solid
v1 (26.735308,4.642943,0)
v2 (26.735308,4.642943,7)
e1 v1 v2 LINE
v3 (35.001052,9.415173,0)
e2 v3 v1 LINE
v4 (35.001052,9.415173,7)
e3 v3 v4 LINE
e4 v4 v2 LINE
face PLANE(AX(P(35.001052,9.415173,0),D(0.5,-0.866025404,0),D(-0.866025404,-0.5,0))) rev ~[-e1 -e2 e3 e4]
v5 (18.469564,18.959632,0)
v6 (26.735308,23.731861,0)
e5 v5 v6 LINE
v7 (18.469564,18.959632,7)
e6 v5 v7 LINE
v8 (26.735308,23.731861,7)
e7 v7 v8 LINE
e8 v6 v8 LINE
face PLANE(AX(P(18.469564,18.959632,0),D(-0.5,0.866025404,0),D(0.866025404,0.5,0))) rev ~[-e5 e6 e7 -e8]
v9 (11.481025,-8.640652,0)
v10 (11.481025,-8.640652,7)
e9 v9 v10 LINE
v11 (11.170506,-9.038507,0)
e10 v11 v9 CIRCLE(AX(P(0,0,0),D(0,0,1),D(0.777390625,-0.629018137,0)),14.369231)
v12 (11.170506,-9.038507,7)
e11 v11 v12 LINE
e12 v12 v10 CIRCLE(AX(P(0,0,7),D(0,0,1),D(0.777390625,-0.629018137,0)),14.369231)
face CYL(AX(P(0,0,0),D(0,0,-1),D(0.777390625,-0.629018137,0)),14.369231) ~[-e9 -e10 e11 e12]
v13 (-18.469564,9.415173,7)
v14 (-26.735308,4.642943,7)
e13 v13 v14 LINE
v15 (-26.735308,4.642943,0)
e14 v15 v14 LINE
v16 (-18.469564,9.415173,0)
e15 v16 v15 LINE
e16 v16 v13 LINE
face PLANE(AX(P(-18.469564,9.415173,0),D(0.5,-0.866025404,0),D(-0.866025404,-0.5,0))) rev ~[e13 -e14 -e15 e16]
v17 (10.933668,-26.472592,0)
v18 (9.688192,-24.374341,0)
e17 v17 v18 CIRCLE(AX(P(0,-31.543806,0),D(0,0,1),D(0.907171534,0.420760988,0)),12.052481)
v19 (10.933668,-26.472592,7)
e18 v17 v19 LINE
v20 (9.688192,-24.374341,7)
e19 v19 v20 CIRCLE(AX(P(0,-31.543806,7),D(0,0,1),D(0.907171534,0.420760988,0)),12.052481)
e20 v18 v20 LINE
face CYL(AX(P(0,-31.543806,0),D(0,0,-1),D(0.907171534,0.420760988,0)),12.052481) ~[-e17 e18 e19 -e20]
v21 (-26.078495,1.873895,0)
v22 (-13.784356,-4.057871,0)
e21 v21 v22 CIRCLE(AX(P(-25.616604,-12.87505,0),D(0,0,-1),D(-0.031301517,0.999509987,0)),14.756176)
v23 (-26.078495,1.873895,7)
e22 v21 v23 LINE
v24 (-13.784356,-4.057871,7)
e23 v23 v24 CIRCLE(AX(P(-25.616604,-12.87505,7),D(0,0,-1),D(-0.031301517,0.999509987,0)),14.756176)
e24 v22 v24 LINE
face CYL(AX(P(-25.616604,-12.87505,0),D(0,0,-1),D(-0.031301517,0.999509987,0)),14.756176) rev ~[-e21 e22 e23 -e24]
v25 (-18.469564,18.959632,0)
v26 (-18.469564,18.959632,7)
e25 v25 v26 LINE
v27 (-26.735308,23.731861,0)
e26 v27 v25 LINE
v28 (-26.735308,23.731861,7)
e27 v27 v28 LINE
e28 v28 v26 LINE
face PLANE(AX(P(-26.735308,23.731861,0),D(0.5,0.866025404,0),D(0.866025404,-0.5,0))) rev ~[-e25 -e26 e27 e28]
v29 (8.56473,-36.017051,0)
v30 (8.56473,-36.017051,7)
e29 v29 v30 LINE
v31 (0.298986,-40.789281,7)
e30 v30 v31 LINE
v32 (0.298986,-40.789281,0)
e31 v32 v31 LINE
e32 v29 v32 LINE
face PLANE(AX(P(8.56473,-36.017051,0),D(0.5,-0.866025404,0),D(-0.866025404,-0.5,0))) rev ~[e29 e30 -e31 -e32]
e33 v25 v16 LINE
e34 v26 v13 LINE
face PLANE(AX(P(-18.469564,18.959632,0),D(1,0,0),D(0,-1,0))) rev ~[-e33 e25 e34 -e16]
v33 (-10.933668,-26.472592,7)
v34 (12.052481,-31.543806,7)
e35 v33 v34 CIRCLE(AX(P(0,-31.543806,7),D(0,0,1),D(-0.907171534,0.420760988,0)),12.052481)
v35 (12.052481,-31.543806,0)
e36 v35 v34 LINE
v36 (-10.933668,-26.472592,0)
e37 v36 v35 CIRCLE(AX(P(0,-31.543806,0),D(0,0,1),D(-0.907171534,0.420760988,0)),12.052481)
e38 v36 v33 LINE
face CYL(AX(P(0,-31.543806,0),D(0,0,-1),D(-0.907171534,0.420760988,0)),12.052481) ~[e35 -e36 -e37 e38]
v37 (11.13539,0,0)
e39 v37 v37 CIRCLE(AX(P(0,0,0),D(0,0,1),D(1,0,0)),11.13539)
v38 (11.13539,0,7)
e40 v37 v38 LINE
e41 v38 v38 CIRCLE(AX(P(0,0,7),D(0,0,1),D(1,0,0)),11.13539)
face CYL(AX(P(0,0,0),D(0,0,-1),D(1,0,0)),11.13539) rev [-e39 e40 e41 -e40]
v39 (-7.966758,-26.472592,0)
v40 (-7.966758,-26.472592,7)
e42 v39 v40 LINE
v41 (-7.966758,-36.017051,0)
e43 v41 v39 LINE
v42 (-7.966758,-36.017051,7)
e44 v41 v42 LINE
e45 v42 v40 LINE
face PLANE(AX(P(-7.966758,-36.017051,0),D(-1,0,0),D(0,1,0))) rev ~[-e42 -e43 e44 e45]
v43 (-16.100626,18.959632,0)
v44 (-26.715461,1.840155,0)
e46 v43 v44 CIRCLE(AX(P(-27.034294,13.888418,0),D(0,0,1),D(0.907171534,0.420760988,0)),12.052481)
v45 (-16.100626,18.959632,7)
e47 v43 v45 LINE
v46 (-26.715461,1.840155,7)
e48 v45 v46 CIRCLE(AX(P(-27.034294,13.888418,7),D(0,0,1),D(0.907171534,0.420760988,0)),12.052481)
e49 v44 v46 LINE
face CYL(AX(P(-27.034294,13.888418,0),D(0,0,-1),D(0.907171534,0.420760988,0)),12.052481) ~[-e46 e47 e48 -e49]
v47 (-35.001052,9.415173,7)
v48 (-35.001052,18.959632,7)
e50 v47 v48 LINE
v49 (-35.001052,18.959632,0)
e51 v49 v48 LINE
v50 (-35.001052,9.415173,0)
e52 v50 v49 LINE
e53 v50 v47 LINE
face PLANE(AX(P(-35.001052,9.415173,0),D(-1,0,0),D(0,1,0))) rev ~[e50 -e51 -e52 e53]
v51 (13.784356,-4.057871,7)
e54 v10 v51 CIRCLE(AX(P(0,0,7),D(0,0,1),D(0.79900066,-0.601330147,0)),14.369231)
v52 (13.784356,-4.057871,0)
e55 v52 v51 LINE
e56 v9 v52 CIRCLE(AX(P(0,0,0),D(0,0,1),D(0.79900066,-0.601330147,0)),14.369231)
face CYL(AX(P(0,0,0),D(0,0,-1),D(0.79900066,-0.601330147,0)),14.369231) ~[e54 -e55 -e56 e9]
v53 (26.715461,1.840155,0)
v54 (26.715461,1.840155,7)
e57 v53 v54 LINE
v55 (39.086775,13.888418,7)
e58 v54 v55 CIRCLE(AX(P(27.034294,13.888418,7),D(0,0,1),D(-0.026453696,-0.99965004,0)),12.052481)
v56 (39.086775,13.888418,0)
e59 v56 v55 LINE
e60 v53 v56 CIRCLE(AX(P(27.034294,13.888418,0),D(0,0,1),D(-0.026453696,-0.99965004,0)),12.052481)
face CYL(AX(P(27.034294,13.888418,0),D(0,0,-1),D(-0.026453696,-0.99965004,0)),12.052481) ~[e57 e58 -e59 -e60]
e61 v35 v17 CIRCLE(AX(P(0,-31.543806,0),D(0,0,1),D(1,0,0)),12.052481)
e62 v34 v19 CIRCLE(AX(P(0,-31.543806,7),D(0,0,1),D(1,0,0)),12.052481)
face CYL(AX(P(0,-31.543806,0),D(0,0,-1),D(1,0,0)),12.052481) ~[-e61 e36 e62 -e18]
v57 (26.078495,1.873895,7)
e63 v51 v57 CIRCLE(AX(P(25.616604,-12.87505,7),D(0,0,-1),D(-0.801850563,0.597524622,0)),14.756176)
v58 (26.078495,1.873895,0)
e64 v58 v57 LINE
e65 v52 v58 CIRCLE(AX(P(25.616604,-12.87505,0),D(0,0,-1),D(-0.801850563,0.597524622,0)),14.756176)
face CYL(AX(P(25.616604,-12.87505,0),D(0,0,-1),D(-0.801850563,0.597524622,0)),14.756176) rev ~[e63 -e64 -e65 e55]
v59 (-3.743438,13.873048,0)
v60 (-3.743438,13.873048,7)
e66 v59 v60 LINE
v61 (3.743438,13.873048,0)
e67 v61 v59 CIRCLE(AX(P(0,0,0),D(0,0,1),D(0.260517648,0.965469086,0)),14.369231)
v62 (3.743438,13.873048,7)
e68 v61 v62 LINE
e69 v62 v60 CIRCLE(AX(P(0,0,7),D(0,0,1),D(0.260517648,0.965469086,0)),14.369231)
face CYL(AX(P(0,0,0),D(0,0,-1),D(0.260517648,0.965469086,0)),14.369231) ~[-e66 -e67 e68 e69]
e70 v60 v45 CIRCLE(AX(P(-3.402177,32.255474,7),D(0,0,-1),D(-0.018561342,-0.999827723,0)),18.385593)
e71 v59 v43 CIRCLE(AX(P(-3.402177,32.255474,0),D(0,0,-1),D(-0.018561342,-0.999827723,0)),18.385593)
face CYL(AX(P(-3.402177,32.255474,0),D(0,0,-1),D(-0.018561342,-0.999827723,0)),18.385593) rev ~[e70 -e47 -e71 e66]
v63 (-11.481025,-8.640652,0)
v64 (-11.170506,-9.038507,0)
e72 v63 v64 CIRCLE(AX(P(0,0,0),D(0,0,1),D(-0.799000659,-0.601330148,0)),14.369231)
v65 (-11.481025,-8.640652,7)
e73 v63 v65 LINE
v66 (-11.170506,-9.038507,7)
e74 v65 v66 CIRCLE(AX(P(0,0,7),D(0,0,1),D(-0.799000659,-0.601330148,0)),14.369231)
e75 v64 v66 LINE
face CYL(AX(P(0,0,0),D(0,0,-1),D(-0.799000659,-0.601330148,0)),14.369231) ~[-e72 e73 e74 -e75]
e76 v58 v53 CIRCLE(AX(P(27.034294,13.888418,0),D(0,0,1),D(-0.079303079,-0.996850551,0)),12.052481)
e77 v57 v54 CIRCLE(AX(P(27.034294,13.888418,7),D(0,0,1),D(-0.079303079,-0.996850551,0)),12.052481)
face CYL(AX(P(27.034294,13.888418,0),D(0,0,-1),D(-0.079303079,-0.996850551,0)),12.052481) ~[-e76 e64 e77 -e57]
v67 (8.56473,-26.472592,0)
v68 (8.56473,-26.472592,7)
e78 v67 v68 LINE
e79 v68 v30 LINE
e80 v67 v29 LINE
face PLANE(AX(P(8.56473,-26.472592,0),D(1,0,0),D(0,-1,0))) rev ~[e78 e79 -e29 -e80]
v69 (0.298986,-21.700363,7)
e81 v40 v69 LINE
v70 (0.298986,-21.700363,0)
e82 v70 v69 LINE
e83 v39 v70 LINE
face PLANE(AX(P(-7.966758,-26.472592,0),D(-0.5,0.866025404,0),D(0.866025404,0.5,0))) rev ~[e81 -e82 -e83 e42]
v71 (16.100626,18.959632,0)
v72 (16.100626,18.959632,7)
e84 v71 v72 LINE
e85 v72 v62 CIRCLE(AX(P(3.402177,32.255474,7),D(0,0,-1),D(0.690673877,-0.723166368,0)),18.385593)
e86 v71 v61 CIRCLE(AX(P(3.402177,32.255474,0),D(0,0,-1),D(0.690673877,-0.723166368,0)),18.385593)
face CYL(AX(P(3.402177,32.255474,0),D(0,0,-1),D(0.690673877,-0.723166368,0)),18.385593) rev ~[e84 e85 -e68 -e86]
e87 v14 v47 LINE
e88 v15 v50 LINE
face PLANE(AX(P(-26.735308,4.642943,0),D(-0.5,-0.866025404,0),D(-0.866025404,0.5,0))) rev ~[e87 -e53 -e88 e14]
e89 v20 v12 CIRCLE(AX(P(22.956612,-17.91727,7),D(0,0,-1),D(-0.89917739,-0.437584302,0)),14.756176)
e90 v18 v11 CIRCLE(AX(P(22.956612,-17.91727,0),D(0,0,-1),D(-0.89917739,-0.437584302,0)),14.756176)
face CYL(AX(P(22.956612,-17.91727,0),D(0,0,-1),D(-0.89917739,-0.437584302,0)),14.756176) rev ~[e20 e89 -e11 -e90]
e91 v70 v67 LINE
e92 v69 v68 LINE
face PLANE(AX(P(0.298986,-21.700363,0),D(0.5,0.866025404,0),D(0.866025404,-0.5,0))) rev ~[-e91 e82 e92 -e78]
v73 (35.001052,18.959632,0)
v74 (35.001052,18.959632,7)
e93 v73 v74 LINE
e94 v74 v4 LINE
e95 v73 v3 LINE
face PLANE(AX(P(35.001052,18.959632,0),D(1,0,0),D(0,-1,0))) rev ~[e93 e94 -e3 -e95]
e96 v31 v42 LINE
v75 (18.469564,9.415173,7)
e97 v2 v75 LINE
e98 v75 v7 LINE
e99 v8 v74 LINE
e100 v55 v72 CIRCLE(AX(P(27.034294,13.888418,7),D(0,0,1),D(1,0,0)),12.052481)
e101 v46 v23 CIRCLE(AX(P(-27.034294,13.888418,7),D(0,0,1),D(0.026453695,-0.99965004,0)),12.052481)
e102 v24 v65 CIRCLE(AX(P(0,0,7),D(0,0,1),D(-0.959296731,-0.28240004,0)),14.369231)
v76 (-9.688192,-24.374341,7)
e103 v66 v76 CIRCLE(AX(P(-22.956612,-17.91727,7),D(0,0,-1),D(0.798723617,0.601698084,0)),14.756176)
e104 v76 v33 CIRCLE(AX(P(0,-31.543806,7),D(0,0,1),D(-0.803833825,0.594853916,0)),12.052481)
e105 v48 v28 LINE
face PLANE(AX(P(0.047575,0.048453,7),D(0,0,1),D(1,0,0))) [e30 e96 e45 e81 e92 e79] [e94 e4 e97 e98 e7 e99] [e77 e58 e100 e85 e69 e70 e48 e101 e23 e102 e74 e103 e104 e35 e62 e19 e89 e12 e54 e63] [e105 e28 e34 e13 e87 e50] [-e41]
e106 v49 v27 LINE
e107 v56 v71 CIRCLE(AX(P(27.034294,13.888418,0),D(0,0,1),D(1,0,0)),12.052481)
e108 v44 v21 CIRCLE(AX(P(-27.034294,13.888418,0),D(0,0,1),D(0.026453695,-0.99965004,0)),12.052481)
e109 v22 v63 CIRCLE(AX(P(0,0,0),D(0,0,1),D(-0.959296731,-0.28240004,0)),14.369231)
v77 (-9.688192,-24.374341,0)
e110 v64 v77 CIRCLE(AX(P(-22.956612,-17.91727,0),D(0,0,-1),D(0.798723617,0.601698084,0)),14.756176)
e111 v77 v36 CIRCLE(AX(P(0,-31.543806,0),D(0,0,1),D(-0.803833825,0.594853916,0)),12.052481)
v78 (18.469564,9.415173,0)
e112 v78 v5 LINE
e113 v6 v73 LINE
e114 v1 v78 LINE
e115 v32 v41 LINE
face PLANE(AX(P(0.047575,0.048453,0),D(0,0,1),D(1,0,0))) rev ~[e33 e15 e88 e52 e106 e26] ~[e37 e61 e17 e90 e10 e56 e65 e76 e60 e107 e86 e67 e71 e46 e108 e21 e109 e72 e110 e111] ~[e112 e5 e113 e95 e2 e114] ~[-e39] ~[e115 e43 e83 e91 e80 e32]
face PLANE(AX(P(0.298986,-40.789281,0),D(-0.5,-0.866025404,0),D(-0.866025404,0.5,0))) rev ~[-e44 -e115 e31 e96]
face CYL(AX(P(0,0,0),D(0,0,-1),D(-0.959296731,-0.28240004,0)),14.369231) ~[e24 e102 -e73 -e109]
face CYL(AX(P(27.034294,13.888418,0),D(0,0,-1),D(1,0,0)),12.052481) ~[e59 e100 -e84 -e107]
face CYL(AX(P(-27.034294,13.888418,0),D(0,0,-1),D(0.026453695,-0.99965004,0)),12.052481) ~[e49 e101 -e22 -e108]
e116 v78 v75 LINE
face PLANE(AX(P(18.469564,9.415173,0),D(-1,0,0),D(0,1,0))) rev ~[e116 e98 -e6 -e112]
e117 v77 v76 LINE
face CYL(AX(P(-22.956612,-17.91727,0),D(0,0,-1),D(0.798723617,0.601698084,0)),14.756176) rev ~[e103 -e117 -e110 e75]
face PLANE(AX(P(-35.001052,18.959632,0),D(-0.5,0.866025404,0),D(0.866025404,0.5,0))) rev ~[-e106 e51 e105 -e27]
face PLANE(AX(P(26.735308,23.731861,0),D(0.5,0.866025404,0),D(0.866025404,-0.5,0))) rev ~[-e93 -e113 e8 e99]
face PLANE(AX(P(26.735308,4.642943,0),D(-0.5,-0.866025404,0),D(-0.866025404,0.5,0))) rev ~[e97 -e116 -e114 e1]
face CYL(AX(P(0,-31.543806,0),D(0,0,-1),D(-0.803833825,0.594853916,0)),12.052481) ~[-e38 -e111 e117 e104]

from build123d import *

# Parameters (mm, degrees)
F0_R     = 11.1353903362
F1_DEPTH = 7


with BuildPart() as f1:
    # F0 (on Top) → F1 (new body)
    with BuildSketch(Plane.XY):
        with BuildLine():
            ThreePointArc((13.7843563972, -4.0578714259), (14.2222607931, -2.0499023698), (14.3692310787, 0))
            ThreePointArc((14.3692310787, 0), (11.4075661621, 8.737404423), (3.7434382812, 13.8730483899))
            ThreePointArc((3.7434382812, 13.8730483899), (1.8636693394, 13.9343652782), (0, 14.1874020919))
            ThreePointArc((0, 14.1874020919), (-1.8636693394, 13.9343652782), (-3.7434382812, 13.8730483899))
            ThreePointArc((-3.7434382812, 13.8730483899), (-12.5373588898, 7.0206434079), (-13.7843563972, -4.0578714259))
            ThreePointArc((-13.7843563972, -4.0578714259), (-12.4320496974, -6.248418307), (-11.4810251091, -8.640651841))
            ThreePointArc((-11.4810251091, -8.640651841), (-11.3240642679, -8.8382517601), (-11.1705055248, -9.0385069626))
            ThreePointArc((-11.1705055248, -9.0385069626), (0, -14.3692310787), (11.1705055248, -9.0385069626))
            ThreePointArc((11.1705055248, -9.0385069626), (11.3240642679, -8.8382517601), (11.4810251091, -8.640651841))
            ThreePointArc((11.4810251091, -8.640651841), (12.4320496974, -6.248418307), (13.7843563972, -4.0578714259))
        make_face()
        Circle(F0_R, mode=Mode.SUBTRACT)
        with BuildLine():
            ThreePointArc((3.7434382812, 13.8730483899), (11.4075661621, 8.737404423), (14.3692310787, 0))
            ThreePointArc((14.3692310787, 0), (14.2222607931, -2.0499023698), (13.7843563972, -4.0578714259))
            ThreePointArc((13.7843563972, -4.0578714259), (19.2042942748, 0.4150594906), (26.0784950011, 1.8738953131))
            ThreePointArc((26.0784950011, 1.8738953131), (16.6265827666, 7.8104369541), (16.100626097, 18.9596315943))
            ThreePointArc((16.100626097, 18.9596315943), (10.4005227947, 15.2539097233), (3.7434382812, 13.8730483899))
        make_face()
        with BuildLine():
            ThreePointArc((0, 14.1874020919), (1.8636693394, 13.9343652782), (3.7434382812, 13.8730483899))
            ThreePointArc((3.7434382812, 13.8730483899), (0, 14.3692310787), (-3.7434382812, 13.8730483899))
            ThreePointArc((-3.7434382812, 13.8730483899), (-1.8636693394, 13.9343652782), (0, 14.1874020919))
        make_face()
        with BuildLine():
            ThreePointArc((11.4810251091, -8.640651841), (12.8388217819, -6.4528642513), (13.7843563972, -4.0578714259))
            ThreePointArc((13.7843563972, -4.0578714259), (12.4320496974, -6.248418307), (11.4810251091, -8.640651841))
        make_face()
        with BuildLine():
            ThreePointArc((-13.7843563972, -4.0578714259), (-12.5373588898, 7.0206434079), (-3.7434382812, 13.8730483899))
            ThreePointArc((-3.7434382812, 13.8730483899), (-10.4005227947, 15.2539097233), (-16.100626097, 18.9596315943))
            ThreePointArc((-16.100626097, 18.9596315943), (-15.2648392263, 16.4849997853), (-14.9818127596, 13.8884177431))
            ThreePointArc((-14.9818127596, 13.8884177431), (-18.1804232838, 5.710931791), (-26.0784950011, 1.8738953131))
            ThreePointArc((-26.0784950011, 1.8738953131), (-19.2042942748, 0.4150594906), (-13.7843563972, -4.0578714259))
        make_face()
        with BuildLine():
            ThreePointArc((39.0867749608, 13.8884177431), (29.6308759024, 25.657872377), (16.100626097, 18.9596315943))
            ThreePointArc((16.100626097, 18.9596315943), (16.6265827666, 7.8104369541), (26.0784950011, 1.8738953131))
            ThreePointArc((26.0784950011, 1.8738953131), (26.3971604303, 1.8604670593), (26.7154611922, 1.8401545318))
            ThreePointArc((26.7154611922, 1.8401545318), (35.443205085, 5.2540380496), (39.0867749608, 13.8884177431))
        make_face()
        Polygon((18.4695636854, 9.4151725896), (18.4695636854, 18.9596315943), (26.7353076488, 23.7318610966), (35.0010516122, 18.9596315943), (35.0010516122, 9.4151725896), (26.7353076488, 4.6429430873), align=None, mode=Mode.SUBTRACT)
        with BuildLine():
            ThreePointArc((11.1705055248, -9.0385069626), (11.32751218, -8.8409428006), (11.4810251091, -8.640651841))
            ThreePointArc((11.4810251091, -8.640651841), (11.3240642679, -8.8382517601), (11.1705055248, -9.0385069626))
        make_face()
        with BuildLine():
            ThreePointArc((26.7154611922, 1.8401545318), (26.3971604303, 1.8604670593), (26.0784950011, 1.8738953131))
            ThreePointArc((26.0784950011, 1.8738953131), (26.3967548476, 1.8528103763), (26.7154611922, 1.8401545318))
        make_face()
        with BuildLine():
            ThreePointArc((-11.4810251091, -8.640651841), (-12.4320496974, -6.248418307), (-13.7843563972, -4.0578714259))
            ThreePointArc((-13.7843563972, -4.0578714259), (-12.8388217819, -6.4528642513), (-11.4810251091, -8.640651841))
        make_face()
        with BuildLine():
            ThreePointArc((-14.9818127596, 13.8884177431), (-15.2648392263, 16.4849997853), (-16.100626097, 18.9596315943))
            ThreePointArc((-16.100626097, 18.9596315943), (-37.2775265146, 20.2396763167), (-26.7154611922, 1.8401545318))
            ThreePointArc((-26.7154611922, 1.8401545318), (-26.3971604303, 1.8604670593), (-26.0784950011, 1.8738953131))
            ThreePointArc((-26.0784950011, 1.8738953131), (-18.1804232838, 5.710931791), (-14.9818127596, 13.8884177431))
        make_face()
        Polygon((-26.7353076488, 23.7318610966), (-18.4695636854, 18.9596315943), (-18.4695636854, 9.4151725896), (-26.7353076488, 4.6429430873), (-35.0010516122, 9.4151725896), (-35.0010516122, 18.9596315943), align=None, mode=Mode.SUBTRACT)
        with BuildLine():
            ThreePointArc((9.6881919833, -24.3743406102), (8.2688867083, -16.4976003067), (11.1705055248, -9.0385069626))
            ThreePointArc((11.1705055248, -9.0385069626), (0, -14.3692310787), (-11.1705055248, -9.0385069626))
            ThreePointArc((-11.1705055248, -9.0385069626), (-8.2688867083, -16.4976003067), (-9.6881919833, -24.3743406102))
            ThreePointArc((-9.6881919833, -24.3743406102), (0, -19.4913250947), (9.6881919833, -24.3743406102))
        make_face()
        with BuildLine():
            ThreePointArc((-11.1705055248, -9.0385069626), (-11.3240642679, -8.8382517601), (-11.4810251091, -8.640651841))
            ThreePointArc((-11.4810251091, -8.640651841), (-11.32751218, -8.8409428006), (-11.1705055248, -9.0385069626))
        make_face()
        with BuildLine():
            ThreePointArc((-26.7154611922, 1.8401545318), (-26.3967548476, 1.8528103763), (-26.0784950011, 1.8738953131))
            ThreePointArc((-26.0784950011, 1.8738953131), (-26.3971604303, 1.8604670593), (-26.7154611922, 1.8401545318))
        make_face()
        with BuildLine():
            ThreePointArc((10.9336677632, -26.4725923442), (10.2674850969, -25.4492543347), (9.6881919833, -24.3743406102))
            ThreePointArc((9.6881919833, -24.3743406102), (0, -19.4913250947), (-9.6881919833, -24.3743406102))
            ThreePointArc((-9.6881919833, -24.3743406102), (-10.2674850969, -25.4492543347), (-10.9336677632, -26.4725923442))
            ThreePointArc((-10.9336677632, -26.4725923442), (-2.5965820422, -43.3132608291), (12.0524811006, -31.5438061953))
            ThreePointArc((12.0524811006, -31.5438061953), (11.7694546339, -28.9472241531), (10.9336677632, -26.4725923442))
        make_face()
        Polygon((0.2989862114, -21.7003628418), (8.5647301748, -26.4725923442), (8.5647301748, -36.0170513488), (0.2989862114, -40.7892808512), (-7.966757752, -36.0170513488), (-7.966757752, -26.4725923442), align=None, mode=Mode.SUBTRACT)
        with BuildLine():
            ThreePointArc((10.9336677632, -26.4725923442), (10.3641661476, -25.3918666032), (9.6881919833, -24.3743406102))
            ThreePointArc((9.6881919833, -24.3743406102), (10.2674850969, -25.4492543347), (10.9336677632, -26.4725923442))
        make_face()
        with BuildLine():
            ThreePointArc((-10.9336677632, -26.4725923442), (-10.2674850969, -25.4492543347), (-9.6881919833, -24.3743406102))
            ThreePointArc((-9.6881919833, -24.3743406102), (-10.3641661476, -25.3918666032), (-10.9336677632, -26.4725923442))
        make_face()
    extrude(amount=F1_DEPTH)


solid = f1.part
